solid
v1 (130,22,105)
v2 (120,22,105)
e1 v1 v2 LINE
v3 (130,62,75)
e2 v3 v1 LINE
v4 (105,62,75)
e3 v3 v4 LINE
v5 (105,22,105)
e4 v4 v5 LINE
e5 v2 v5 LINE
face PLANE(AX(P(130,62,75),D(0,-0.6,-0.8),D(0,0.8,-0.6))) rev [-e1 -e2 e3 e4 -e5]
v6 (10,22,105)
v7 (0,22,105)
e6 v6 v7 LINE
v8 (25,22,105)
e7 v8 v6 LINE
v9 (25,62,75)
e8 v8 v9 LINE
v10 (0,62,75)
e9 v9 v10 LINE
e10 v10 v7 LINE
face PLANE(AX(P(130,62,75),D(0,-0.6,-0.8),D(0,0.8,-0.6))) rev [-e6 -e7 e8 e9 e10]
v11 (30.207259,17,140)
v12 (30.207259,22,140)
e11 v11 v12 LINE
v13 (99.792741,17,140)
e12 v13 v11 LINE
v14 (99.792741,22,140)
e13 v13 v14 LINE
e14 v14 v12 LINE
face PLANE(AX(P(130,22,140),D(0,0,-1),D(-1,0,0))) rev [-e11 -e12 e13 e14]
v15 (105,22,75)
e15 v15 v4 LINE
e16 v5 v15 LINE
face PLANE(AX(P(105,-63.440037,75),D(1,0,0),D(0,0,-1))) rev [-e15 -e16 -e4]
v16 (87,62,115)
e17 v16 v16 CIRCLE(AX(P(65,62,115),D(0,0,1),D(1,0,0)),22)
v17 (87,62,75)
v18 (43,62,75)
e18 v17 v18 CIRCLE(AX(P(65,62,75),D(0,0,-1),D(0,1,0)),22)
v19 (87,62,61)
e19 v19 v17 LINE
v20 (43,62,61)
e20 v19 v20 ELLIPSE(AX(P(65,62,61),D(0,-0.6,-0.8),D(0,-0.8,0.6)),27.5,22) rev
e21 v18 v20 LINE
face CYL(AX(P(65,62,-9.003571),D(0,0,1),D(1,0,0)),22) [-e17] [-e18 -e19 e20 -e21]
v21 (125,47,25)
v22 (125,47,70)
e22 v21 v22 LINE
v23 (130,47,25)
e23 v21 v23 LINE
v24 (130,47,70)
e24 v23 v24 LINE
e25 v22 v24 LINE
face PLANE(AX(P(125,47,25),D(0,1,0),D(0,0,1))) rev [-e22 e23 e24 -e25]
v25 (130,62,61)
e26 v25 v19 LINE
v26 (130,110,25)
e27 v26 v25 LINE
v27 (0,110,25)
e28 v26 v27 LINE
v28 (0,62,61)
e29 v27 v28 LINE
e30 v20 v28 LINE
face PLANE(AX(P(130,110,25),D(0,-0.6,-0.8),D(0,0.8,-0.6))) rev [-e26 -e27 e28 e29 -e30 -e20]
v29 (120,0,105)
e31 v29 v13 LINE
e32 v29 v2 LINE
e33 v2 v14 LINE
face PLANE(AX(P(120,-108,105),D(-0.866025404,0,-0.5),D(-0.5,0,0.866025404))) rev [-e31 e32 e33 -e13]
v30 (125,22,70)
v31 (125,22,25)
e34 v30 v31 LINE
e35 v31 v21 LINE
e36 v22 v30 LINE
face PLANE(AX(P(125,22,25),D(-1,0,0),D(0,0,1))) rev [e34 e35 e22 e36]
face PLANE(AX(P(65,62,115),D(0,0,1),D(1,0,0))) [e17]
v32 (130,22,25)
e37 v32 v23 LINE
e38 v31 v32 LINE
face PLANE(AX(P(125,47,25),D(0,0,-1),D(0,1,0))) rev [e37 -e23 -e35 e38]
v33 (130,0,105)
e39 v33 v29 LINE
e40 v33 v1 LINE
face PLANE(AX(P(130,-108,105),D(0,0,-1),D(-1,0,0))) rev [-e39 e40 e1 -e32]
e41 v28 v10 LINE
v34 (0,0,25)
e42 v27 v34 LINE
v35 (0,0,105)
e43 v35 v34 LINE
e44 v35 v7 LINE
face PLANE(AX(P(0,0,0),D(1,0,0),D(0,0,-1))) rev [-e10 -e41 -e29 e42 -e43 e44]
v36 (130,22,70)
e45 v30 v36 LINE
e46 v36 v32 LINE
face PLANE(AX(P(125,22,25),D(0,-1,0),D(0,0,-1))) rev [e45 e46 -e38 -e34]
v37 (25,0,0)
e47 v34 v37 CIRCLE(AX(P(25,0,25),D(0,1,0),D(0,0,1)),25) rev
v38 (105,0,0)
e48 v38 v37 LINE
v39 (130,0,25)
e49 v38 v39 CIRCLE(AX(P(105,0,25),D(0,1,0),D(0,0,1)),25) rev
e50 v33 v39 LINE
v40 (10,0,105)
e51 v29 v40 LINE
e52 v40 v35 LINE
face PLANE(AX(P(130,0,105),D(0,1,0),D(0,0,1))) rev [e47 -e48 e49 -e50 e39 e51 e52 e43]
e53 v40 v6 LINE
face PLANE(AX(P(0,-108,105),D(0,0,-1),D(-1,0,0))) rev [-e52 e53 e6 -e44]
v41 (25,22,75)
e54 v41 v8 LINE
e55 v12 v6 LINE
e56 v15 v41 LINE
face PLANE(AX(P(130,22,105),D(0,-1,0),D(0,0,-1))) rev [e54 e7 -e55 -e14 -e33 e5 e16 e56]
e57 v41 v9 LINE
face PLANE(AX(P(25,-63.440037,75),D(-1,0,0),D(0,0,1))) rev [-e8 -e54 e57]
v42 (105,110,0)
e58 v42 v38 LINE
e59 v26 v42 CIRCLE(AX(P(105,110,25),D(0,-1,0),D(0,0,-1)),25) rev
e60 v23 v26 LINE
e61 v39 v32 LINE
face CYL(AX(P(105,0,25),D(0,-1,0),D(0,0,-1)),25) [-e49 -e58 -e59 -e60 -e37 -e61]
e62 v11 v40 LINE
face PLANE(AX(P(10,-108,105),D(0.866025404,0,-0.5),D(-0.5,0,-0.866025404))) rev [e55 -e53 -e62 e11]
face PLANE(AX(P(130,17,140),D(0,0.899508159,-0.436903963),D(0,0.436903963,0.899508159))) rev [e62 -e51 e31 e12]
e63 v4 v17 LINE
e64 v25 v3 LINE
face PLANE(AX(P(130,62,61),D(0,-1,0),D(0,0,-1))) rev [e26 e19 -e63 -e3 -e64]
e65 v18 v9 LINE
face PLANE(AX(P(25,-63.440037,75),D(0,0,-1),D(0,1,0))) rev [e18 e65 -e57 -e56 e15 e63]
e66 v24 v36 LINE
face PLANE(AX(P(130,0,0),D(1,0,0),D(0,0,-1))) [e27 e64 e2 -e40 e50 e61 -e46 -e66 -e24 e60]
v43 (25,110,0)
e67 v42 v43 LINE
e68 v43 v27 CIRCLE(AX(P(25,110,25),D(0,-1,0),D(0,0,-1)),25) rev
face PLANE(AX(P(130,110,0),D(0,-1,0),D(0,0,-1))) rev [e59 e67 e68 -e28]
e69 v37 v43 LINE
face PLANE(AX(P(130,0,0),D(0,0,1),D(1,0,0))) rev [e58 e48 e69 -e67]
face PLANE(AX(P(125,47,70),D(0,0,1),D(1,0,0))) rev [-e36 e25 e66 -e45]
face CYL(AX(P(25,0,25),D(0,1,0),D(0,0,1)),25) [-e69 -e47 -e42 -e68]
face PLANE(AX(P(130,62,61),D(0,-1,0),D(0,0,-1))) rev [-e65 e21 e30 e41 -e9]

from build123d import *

# Parameters (mm, degrees)
EXTRUDE1_DEPTH             = 130
FILLET1_R                  = 25
EXTRUDE2_DEPTH             = 130
SKETCH3_W                  = 45
SKETCH3_H                  = 25
EXTRUDE3_DEPTH             = 5
SKETCH4_W                  = 80
SKETCH4_H                  = 30
EXTRUDE4_DEPTH             = 40
SKETCH5_R                  = 22
EXTRUDE5_DEPTH             = 40
EXTRUDE5_DIRECTION_2_REACH = 77


with BuildPart() as part:
    # Sketch1 → Extrude1 (new body)
    with BuildSketch(Plane(origin=(0, 0, 0), x_dir=(0, 0, -1), z_dir=(1, 0, 0))):
        Polygon((0, 0), (0, 110), (-25, 110), (-61, 62), (-75, 62), (-105, 22), (-140, 22), (-140, 17), (-105, 0), align=None)
    extrude(amount=EXTRUDE1_DEPTH)

    # Fillet1
    fillet1_edges = [part.edges().sort_by_distance(p)[0] for p in [
        (0, 55, 0),
        (130, 55, 0),
    ]]
    fillet(fillet1_edges, radius=FILLET1_R)

    # Sketch2 → Extrude2 (cut)
    with BuildSketch(Plane(origin=(0, 22, 0), x_dir=(1, 0, 0), z_dir=(0, 1, 0))):
        Polygon((99.792740578, -140), (130, -140), (130, -105), (120, -105), align=None)
        Polygon((10, -105), (30.207259422, -140), (0, -140), (0, -105), align=None)
    extrude(amount=-EXTRUDE2_DEPTH, mode=Mode.SUBTRACT)

    # Sketch3 → Extrude3 (cut)
    with BuildSketch(Plane(origin=(130, 0, 0), x_dir=(0, 0, -1), z_dir=(1, 0, 0))):
        with Locations((-47.5, 34.5)):
            Rectangle(SKETCH3_W, SKETCH3_H)
    extrude(amount=-EXTRUDE3_DEPTH, mode=Mode.SUBTRACT)

    # Sketch4 → Extrude4 (cut)
    with BuildSketch(Plane(origin=(0, 62, 0), x_dir=(1, 0, 0), z_dir=(0, 1, 0))):
        with Locations((65, -90)):
            Rectangle(SKETCH4_W, SKETCH4_H)
    extrude(amount=-EXTRUDE4_DEPTH, mode=Mode.SUBTRACT)

    # Sketch5 → Extrude5 (add)
    with BuildSketch(Plane.XY.offset(75)):
        with Locations((65, 62)):
            Circle(SKETCH5_R)
    extrude(amount=EXTRUDE5_DEPTH)

    # Extrude5 direction 2: up to this face of the body (flat: up to its plane)
    extrude5_direction_2_end = Plane(part.part.faces().sort_by_distance((65, 86, 43))[0])
    # Sketch5 → Extrude5 direction 2 (add, up to the picked face)
    with BuildSketch(Plane.XY.offset(75), mode=Mode.PRIVATE) as extrude5_direction_2_sk1:
        with Locations((65, 62)):
            Circle(SKETCH5_R)
    extrude5_direction_2_tool1 = split(extrude(extrude5_direction_2_sk1.sketch, amount=-EXTRUDE5_DIRECTION_2_REACH, mode=Mode.PRIVATE), bisect_by=extrude5_direction_2_end, keep=Keep.BOTH, mode=Mode.PRIVATE)
    add(extrude5_direction_2_tool1.solids().sort_by(Axis((65, 62, 75), (0, 0, -1)))[0])


solid = part.part
